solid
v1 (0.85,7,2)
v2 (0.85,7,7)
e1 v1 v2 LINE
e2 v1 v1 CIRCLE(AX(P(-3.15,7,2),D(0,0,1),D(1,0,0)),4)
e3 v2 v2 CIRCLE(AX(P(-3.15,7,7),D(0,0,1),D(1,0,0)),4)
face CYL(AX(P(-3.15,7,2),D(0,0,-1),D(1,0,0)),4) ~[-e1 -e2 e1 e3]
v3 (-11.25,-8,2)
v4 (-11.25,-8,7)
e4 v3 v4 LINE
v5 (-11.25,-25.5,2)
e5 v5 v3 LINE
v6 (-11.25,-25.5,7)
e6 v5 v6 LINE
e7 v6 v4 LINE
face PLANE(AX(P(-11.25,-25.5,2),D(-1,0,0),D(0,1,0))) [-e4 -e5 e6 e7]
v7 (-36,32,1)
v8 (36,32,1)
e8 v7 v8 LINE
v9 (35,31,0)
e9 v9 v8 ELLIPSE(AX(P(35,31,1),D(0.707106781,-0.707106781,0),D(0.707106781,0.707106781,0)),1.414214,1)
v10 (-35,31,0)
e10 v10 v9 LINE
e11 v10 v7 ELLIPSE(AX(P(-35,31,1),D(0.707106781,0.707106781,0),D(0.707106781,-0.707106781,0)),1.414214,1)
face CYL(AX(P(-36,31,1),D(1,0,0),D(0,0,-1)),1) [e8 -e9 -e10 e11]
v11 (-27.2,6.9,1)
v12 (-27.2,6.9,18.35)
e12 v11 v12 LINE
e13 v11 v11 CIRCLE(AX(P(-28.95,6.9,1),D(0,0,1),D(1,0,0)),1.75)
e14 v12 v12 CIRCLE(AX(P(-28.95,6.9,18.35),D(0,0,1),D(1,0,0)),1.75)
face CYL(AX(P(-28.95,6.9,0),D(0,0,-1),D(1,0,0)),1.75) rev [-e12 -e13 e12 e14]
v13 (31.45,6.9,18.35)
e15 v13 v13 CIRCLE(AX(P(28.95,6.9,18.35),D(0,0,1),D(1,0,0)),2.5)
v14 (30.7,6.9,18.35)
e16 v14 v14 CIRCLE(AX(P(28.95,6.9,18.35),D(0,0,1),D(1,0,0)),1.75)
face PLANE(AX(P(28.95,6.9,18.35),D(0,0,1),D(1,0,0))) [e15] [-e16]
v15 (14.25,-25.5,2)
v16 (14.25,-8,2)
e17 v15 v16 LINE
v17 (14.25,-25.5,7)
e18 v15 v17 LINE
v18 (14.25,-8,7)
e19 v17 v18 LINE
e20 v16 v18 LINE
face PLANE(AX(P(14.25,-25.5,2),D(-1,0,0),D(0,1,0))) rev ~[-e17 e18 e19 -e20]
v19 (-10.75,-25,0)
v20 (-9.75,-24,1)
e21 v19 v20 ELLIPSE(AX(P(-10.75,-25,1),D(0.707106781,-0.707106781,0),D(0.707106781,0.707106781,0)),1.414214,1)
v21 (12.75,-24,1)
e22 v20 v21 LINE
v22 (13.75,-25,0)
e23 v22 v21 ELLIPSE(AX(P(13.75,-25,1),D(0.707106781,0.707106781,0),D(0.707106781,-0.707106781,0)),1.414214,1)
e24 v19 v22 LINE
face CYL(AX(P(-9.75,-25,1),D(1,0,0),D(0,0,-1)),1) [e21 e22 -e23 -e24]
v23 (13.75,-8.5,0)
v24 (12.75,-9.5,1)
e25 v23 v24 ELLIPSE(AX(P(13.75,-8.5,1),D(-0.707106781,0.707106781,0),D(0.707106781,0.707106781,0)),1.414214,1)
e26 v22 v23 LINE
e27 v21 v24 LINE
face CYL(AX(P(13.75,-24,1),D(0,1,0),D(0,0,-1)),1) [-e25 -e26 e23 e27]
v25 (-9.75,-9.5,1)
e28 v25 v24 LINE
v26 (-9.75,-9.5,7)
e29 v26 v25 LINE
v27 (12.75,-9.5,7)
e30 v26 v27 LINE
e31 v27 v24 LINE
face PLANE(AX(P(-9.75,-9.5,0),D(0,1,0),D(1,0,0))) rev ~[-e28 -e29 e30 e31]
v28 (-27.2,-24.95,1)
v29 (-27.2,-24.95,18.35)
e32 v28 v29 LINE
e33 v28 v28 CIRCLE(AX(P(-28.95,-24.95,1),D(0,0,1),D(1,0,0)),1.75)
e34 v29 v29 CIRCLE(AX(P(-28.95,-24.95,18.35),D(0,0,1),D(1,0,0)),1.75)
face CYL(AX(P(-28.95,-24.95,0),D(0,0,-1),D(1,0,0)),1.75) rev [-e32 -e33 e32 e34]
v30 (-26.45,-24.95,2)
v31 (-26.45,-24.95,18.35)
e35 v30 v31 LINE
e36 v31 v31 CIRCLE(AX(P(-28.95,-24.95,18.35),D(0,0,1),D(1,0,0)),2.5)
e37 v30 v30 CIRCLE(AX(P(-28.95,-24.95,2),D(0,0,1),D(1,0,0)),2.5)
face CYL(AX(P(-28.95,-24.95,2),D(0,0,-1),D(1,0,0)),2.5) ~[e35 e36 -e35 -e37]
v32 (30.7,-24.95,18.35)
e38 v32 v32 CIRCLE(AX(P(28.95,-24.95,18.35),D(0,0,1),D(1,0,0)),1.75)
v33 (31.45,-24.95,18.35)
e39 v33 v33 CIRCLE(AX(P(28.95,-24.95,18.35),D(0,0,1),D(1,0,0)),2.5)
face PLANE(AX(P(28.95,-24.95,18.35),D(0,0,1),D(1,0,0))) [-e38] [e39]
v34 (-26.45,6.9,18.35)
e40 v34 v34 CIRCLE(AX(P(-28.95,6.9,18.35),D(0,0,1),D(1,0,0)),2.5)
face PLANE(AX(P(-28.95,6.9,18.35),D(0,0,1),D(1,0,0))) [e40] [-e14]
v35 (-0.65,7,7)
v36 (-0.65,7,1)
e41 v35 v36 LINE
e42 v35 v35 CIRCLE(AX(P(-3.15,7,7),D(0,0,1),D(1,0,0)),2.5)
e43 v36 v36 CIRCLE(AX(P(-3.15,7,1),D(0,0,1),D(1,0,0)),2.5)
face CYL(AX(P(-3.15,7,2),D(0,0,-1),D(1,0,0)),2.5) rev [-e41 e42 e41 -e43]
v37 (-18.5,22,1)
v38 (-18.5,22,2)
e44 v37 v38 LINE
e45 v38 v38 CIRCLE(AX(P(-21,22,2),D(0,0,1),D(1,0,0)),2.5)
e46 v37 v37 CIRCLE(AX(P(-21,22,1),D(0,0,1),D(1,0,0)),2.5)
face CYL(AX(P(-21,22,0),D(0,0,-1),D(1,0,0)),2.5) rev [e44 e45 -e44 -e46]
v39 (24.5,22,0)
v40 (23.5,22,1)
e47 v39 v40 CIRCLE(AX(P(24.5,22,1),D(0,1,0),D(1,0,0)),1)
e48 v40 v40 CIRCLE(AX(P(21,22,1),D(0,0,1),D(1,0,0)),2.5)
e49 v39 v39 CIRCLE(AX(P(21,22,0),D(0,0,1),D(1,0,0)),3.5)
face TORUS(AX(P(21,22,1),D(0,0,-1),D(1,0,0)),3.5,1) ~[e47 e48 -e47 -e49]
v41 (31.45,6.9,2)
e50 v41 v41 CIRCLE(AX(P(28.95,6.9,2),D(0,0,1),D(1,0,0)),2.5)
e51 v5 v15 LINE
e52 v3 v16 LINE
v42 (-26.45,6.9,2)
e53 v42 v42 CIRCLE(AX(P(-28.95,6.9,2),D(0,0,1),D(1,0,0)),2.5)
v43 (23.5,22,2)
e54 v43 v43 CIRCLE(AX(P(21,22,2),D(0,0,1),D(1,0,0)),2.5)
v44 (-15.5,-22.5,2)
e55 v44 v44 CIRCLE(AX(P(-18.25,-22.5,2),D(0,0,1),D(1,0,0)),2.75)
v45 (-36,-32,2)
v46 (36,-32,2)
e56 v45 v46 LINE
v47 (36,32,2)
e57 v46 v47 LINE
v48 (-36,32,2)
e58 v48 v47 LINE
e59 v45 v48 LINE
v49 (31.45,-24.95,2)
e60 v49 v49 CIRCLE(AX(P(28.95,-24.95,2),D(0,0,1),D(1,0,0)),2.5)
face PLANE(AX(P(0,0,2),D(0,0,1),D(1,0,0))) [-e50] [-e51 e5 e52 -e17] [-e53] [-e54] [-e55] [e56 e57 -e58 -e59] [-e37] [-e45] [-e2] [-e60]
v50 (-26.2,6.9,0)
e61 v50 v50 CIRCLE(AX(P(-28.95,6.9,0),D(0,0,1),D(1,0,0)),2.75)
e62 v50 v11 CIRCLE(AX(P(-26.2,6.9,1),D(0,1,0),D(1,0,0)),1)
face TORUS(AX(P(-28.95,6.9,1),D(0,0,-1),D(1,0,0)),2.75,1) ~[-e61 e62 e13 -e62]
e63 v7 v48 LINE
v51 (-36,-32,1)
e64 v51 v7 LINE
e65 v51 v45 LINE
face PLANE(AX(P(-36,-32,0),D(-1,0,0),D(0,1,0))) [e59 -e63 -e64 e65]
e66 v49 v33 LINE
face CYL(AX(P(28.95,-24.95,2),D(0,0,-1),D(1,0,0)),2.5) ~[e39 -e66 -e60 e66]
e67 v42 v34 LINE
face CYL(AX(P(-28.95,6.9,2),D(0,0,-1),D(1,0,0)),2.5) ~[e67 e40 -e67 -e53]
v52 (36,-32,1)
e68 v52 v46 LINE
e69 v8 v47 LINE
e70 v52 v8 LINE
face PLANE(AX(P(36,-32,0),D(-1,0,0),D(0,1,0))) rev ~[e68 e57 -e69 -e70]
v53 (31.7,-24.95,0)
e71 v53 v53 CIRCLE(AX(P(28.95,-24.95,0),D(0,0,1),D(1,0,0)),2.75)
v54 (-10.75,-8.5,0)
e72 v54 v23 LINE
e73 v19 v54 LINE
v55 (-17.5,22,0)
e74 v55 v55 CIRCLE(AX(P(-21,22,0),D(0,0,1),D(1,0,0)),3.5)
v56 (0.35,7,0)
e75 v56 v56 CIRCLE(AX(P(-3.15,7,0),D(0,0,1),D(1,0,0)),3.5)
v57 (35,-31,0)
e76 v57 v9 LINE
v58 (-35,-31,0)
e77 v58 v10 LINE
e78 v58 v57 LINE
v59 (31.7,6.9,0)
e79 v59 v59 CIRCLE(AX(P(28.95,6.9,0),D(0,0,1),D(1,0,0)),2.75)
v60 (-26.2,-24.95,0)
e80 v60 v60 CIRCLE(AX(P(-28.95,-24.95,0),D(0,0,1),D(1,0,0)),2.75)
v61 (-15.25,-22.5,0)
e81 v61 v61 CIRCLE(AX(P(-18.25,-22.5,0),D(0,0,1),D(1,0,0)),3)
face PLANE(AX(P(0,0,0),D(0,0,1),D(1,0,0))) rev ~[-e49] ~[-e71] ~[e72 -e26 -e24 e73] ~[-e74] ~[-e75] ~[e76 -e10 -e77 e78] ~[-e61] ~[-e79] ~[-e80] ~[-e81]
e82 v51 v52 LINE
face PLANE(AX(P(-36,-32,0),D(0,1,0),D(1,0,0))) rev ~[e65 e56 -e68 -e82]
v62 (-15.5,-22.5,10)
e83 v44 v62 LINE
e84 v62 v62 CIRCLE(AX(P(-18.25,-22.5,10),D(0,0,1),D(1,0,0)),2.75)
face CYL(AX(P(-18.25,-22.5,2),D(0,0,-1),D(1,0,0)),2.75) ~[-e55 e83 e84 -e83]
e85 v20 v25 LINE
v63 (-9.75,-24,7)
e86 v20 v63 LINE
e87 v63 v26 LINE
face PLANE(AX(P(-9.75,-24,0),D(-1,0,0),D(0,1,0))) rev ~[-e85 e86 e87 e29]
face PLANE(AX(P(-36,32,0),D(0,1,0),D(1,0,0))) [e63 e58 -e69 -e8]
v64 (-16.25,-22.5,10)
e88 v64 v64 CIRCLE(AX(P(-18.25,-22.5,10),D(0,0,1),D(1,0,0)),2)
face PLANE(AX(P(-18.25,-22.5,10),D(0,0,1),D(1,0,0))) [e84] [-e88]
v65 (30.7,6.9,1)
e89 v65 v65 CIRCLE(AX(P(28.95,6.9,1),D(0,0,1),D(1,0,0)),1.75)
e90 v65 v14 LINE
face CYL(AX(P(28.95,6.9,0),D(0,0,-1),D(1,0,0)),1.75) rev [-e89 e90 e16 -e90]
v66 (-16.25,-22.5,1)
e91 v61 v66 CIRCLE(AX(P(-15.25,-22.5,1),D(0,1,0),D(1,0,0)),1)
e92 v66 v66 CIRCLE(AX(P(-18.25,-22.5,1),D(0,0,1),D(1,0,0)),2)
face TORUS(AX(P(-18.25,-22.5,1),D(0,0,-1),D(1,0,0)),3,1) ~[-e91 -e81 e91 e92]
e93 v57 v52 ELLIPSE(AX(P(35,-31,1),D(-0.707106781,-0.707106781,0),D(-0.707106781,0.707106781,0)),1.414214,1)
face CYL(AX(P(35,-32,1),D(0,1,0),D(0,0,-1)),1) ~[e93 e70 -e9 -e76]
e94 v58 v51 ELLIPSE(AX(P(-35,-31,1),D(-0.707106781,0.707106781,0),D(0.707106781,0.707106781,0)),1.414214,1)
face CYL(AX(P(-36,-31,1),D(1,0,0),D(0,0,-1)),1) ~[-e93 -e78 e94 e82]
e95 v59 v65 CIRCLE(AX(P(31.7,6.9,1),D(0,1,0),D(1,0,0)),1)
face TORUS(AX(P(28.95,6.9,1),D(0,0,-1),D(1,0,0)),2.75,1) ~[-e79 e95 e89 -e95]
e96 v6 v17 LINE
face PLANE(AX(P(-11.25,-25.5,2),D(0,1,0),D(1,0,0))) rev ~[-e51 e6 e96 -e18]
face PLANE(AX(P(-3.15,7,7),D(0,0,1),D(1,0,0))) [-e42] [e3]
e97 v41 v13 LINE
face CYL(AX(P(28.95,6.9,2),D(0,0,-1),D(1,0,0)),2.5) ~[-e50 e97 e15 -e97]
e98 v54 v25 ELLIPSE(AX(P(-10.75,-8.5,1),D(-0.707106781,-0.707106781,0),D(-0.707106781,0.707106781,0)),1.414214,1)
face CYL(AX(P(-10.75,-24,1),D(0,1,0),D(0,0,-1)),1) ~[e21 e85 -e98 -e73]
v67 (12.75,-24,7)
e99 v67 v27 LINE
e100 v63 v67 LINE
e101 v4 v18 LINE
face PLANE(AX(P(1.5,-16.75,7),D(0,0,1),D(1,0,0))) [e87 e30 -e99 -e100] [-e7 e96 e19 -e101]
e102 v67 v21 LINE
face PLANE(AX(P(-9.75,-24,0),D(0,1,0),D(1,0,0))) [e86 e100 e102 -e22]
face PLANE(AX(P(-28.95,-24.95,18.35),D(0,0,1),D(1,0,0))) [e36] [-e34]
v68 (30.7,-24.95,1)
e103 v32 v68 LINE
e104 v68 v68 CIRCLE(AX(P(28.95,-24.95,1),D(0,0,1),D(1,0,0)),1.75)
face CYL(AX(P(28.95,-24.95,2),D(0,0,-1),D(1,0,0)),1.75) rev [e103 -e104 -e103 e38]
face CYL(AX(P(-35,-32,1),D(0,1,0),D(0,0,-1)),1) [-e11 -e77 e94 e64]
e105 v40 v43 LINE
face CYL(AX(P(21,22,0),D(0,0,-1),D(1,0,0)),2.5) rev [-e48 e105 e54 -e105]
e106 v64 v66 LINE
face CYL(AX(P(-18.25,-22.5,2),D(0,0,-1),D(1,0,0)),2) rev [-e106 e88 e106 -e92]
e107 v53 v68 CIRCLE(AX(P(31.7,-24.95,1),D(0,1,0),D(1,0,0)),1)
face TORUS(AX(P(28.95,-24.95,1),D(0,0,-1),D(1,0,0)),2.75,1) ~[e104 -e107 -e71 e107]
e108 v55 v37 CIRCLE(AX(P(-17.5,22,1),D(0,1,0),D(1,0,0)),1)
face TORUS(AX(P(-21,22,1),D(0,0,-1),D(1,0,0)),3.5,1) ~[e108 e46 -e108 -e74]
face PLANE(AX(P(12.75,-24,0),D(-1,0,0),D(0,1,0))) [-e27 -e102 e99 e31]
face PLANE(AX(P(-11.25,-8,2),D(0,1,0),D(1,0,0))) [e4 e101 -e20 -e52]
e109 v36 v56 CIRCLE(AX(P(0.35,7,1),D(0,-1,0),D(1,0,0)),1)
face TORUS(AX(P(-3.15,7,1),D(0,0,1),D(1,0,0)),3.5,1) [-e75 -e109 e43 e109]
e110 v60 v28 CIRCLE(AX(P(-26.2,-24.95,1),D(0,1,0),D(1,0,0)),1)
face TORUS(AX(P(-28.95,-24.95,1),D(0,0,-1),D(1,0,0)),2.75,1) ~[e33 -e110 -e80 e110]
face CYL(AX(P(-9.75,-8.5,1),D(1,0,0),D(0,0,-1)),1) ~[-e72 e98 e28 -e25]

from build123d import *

# Parameters (mm, degrees)
SKETCH_W      = 72
SKETCH_H      = 64
SKETCH_R      = 2.5
SKETCH_R_2    = 2
SKETCH_R_3    = 1.75
SKETCH_W_2    = 22.5
SKETCH_H_2    = 14.5
PAD_DEPTH     = 2
SKETCH012_R   = 2.5
SKETCH012_R_2 = 1.75
PAD001_DEPTH  = 16.35
SKETCH013_R   = 2.75
SKETCH013_R_2 = 2
PAD002_DEPTH  = 8
SKETCH014_R   = 4
SKETCH014_R_2 = 2.5
SKETCH014_W   = 25.5
SKETCH014_H   = 17.5
SKETCH014_W_2 = 22.5
SKETCH014_H_2 = 14.5
PAD003_DEPTH  = 5
FILLET_R      = 1


with BuildPart() as part:
    # Sketch → Pad (new body)
    with BuildSketch(Plane.XY):
        Rectangle(SKETCH_W, SKETCH_H)
        with Locations((-21, 22)):
            Circle(SKETCH_R, mode=Mode.SUBTRACT)
        with Locations((21, 22)):
            Circle(SKETCH_R, mode=Mode.SUBTRACT)
        with Locations((-18.25, -22.5)):
            Circle(SKETCH_R_2, mode=Mode.SUBTRACT)
        with Locations((-3.15, 7)):
            Circle(SKETCH_R, mode=Mode.SUBTRACT)
        with Locations((-28.95, -24.95)):
            Circle(SKETCH_R_3, mode=Mode.SUBTRACT)
        with Locations((28.95, -24.95)):
            Circle(SKETCH_R_3, mode=Mode.SUBTRACT)
        with Locations((-28.95, 6.9)):
            Circle(SKETCH_R_3, mode=Mode.SUBTRACT)
        with Locations((28.95, 6.9)):
            Circle(SKETCH_R_3, mode=Mode.SUBTRACT)
        with Locations((1.5, -16.75)):
            Rectangle(SKETCH_W_2, SKETCH_H_2, mode=Mode.SUBTRACT)
    extrude(amount=PAD_DEPTH)

    # Sketch012 → Pad001 (join)
    with BuildSketch(Plane.XY.offset(2)):
        with Locations((28.95, -24.95)):
            Circle(SKETCH012_R)
        with Locations((28.95, -24.95)):
            Circle(SKETCH012_R_2, mode=Mode.SUBTRACT)
        with Locations((28.95, 6.9)):
            Circle(SKETCH012_R)
        with Locations((28.95, 6.9)):
            Circle(SKETCH012_R_2, mode=Mode.SUBTRACT)
        with Locations((-28.95, -24.95)):
            Circle(SKETCH012_R)
        with Locations((-28.95, -24.95)):
            Circle(SKETCH012_R_2, mode=Mode.SUBTRACT)
        with Locations((-28.95, 6.9)):
            Circle(SKETCH012_R)
        with Locations((-28.95, 6.9)):
            Circle(SKETCH012_R_2, mode=Mode.SUBTRACT)
    extrude(amount=PAD001_DEPTH)

    # Sketch013 (on Face5 of Pad001) → Pad002 (join)
    with BuildSketch(Plane.XY.offset(2)):
        with Locations((-18.25, -22.5)):
            Circle(SKETCH013_R)
        with Locations((-18.25, -22.5)):
            Circle(SKETCH013_R_2, mode=Mode.SUBTRACT)
    extrude(amount=PAD002_DEPTH)

    # Sketch014 (on Face5 of Pad002) → Pad003 (join)
    with BuildSketch(Plane.XY.offset(2)):
        with Locations((-3.15, 7)):
            Circle(SKETCH014_R)
        with Locations((-3.15, 7)):
            Circle(SKETCH014_R_2, mode=Mode.SUBTRACT)
        with Locations((1.5, -16.75)):
            Rectangle(SKETCH014_W, SKETCH014_H)
        with Locations((1.5, -16.75)):
            Rectangle(SKETCH014_W_2, SKETCH014_H_2, mode=Mode.SUBTRACT)
    extrude(amount=PAD003_DEPTH)

    # Fillet
    fillet_edges = [part.edges().sort_by_distance(p)[0] for p in [
        (0, 32, 0),
        (36, 0, 0),
        (0, -32, 0),
        (-36, 0, 0),
        (-9.75, -16.75, 0),
        (1.5, -24, 0),
        (12.75, -16.75, 0),
        (1.5, -9.5, 0),
        (-5.65, 7, 0),
        (18.5, 22, 0),
        (-23.5, 22, 0),
        (-20.25, -22.5, 0),
        (-30.7, 6.9, 0),
        (27.2, 6.9, 0),
        (27.2, -24.95, 0),
        (-30.7, -24.95, 0),
    ]]
    fillet(fillet_edges, radius=FILLET_R)


solid = part.part
